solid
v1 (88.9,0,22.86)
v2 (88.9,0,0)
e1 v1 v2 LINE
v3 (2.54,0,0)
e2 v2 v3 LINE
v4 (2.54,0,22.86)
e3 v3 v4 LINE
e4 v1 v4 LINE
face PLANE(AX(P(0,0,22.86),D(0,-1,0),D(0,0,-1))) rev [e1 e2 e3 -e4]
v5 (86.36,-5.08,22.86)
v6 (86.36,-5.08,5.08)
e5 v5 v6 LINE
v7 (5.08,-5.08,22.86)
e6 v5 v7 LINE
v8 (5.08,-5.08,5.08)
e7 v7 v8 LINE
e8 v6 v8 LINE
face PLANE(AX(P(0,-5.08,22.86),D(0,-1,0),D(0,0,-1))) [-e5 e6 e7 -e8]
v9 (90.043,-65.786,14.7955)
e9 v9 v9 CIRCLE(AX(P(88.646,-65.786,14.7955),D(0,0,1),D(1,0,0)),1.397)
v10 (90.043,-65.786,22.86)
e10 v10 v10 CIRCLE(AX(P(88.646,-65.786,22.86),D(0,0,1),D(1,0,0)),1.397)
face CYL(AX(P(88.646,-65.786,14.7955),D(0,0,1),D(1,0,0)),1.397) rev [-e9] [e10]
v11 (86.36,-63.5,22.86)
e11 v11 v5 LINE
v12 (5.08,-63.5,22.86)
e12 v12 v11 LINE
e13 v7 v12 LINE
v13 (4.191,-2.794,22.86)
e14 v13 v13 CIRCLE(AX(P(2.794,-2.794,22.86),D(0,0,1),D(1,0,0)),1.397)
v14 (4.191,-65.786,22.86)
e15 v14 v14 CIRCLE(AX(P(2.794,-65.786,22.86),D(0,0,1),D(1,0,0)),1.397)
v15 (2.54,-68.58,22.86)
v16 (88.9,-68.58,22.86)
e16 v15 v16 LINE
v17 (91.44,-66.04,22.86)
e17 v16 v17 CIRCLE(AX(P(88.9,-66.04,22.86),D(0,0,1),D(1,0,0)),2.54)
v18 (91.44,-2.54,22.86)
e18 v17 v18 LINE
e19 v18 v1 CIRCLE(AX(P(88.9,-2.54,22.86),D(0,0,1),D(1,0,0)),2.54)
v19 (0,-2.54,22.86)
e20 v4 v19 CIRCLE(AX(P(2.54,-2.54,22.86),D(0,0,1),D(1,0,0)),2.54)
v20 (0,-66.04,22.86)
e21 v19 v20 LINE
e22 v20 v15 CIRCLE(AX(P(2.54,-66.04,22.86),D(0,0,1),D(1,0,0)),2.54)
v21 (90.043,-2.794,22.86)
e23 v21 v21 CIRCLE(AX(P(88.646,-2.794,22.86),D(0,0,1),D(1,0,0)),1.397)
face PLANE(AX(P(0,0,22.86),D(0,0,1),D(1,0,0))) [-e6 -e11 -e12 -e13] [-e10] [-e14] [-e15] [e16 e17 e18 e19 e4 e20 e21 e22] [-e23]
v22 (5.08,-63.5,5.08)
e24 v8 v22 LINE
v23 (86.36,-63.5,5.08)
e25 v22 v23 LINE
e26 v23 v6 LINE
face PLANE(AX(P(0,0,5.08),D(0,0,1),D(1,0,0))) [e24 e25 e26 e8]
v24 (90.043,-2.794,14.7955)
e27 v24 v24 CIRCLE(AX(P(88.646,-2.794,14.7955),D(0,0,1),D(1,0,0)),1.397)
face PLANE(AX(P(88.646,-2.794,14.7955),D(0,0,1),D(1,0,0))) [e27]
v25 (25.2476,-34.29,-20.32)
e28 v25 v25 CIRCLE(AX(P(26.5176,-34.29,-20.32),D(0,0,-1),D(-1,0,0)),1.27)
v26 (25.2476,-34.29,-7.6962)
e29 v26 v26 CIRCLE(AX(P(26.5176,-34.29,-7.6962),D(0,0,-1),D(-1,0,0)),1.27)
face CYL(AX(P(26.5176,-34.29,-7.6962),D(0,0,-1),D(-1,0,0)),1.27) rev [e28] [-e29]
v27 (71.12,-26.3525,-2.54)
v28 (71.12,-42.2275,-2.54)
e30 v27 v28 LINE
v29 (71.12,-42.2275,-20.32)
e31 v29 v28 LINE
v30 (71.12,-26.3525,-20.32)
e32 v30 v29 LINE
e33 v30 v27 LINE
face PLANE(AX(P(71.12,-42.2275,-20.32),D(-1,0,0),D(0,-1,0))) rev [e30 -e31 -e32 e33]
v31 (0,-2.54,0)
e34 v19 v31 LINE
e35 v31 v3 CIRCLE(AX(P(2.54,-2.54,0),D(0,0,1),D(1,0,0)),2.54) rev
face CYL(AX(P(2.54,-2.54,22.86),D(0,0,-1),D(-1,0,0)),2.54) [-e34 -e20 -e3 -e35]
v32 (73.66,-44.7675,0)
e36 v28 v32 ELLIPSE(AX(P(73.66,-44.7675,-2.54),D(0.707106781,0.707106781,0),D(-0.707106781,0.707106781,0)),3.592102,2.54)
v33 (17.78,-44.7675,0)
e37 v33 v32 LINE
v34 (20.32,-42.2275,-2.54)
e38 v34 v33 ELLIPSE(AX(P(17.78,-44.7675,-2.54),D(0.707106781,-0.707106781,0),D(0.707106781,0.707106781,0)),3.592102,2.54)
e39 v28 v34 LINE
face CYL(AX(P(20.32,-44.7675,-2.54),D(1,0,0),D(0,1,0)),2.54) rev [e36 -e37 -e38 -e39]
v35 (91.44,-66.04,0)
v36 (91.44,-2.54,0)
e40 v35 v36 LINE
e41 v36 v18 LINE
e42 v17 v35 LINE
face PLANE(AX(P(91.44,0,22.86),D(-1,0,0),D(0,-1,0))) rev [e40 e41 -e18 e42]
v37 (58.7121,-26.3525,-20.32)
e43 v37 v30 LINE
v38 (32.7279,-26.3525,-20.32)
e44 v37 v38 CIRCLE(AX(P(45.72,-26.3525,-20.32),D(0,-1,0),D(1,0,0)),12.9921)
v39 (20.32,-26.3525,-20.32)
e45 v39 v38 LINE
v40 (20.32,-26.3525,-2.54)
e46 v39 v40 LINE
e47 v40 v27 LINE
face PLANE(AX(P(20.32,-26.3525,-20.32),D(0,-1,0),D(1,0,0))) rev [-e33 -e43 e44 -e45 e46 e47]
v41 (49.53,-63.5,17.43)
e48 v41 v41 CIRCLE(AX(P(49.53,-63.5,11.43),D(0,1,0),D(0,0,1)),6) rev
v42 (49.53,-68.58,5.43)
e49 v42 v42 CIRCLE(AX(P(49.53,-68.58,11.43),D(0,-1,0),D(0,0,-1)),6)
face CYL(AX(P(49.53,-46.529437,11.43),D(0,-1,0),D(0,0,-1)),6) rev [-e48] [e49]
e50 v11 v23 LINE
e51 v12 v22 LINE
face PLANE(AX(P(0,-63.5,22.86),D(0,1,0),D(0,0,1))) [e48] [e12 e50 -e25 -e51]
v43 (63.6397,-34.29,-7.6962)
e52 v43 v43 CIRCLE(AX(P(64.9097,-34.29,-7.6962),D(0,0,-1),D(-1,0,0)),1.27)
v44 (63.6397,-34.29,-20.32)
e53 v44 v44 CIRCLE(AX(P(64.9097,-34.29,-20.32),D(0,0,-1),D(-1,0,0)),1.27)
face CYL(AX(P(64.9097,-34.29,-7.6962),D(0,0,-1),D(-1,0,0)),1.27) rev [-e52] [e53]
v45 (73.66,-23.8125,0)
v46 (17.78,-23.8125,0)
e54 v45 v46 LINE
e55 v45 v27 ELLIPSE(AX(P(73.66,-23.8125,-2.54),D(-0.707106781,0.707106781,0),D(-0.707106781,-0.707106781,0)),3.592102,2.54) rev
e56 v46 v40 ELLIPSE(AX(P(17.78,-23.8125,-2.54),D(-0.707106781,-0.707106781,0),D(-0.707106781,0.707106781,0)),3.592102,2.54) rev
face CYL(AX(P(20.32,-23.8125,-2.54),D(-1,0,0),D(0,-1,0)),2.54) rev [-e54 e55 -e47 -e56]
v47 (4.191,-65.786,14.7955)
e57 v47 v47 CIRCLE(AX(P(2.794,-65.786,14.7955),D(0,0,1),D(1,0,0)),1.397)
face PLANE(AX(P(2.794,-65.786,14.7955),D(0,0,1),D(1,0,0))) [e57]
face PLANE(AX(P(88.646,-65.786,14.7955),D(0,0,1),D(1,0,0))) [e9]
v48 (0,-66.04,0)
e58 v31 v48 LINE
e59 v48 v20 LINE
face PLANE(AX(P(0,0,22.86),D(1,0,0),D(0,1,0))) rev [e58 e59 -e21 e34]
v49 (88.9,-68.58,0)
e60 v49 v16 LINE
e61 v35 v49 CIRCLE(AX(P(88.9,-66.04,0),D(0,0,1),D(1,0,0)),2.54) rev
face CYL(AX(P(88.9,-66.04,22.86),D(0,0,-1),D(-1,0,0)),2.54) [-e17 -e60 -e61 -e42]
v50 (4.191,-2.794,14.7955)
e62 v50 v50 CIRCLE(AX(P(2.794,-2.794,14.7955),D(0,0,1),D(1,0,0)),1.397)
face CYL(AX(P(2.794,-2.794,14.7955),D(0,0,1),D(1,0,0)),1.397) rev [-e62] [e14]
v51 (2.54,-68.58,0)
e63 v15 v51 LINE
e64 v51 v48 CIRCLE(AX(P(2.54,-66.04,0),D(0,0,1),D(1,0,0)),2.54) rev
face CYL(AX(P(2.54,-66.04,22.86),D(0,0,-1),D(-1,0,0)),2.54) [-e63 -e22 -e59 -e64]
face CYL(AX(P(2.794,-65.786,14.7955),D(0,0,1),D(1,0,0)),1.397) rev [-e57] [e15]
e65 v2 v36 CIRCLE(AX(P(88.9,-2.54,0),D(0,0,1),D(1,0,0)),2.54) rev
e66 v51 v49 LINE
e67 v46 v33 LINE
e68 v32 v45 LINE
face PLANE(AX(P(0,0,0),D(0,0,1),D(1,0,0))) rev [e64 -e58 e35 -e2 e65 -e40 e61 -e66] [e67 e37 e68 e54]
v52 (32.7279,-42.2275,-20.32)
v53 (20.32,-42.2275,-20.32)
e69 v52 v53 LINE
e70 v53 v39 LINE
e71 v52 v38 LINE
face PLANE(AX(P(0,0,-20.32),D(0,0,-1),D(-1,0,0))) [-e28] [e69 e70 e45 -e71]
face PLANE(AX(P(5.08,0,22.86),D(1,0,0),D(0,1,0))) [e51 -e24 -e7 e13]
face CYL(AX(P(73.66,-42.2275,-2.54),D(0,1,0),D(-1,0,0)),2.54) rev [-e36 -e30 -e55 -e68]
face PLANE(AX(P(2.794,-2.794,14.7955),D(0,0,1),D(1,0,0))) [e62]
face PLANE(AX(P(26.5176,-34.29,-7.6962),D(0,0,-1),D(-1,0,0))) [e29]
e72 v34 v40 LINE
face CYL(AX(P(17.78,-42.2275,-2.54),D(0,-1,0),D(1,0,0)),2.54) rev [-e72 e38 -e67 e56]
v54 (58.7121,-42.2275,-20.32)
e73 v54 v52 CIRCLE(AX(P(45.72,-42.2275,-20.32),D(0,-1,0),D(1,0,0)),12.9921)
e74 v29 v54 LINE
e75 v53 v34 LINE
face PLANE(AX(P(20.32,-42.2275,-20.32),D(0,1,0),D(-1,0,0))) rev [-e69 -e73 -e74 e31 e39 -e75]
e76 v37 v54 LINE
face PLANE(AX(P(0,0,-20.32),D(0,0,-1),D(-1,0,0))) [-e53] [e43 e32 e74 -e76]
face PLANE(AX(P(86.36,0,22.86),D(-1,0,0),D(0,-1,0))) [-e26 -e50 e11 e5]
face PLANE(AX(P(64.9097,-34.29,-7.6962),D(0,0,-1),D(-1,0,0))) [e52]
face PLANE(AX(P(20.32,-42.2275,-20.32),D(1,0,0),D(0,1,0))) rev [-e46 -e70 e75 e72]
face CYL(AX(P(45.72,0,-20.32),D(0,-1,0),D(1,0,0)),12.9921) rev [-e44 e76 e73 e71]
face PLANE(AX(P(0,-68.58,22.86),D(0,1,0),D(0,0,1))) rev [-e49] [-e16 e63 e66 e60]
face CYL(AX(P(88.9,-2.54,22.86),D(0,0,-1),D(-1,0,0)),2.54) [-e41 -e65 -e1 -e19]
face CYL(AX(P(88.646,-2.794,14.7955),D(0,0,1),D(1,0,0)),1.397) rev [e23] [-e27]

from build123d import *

# Parameters (mm, degrees)
SKETCH1_W           = 91.44
SKETCH1_H           = 68.58
BOSS_EXTRUDE1_DEPTH = 22.86
SHELL1_T            = -5.08
SKETCH2_R           = 1.397
CUT_EXTRUDE1_DEPTH  = 8.0645
FILLET1_R           = 2.54
SKETCH3_R           = 6
CUT_EXTRUDE2_DEPTH  = 5.08
SKETCH4_W           = 50.8
SKETCH4_H           = 15.875
BOSS_EXTRUDE2_DEPTH = 20.32
SKETCH5_R           = 12.9921
CUT_EXTRUDE3_DEPTH  = 104.281242035
SKETCH6_R           = 1.27
CUT_EXTRUDE4_DEPTH  = 12.6238
FILLET2_R           = 2.54


with BuildPart() as part:
    # Sketch1 → Boss-Extrude1 (new body)
    with BuildSketch(Plane.XY):
        with Locations((45.72, -34.29)):
            Rectangle(SKETCH1_W, SKETCH1_H)
    extrude(amount=BOSS_EXTRUDE1_DEPTH)

    # Shell1
    shell1_openings = [part.faces().sort_by_distance(p)[0] for p in [
        (45.72, -34.29, 22.86),
    ]]
    offset(amount=SHELL1_T, openings=shell1_openings, kind=Kind.INTERSECTION)

    # Sketch2 → Cut-Extrude1 (cut)
    with BuildSketch(Plane.XY.offset(22.86)):
        with Locations((2.794, -2.794)):
            Circle(SKETCH2_R)
        with Locations((88.646, -2.794)):
            Circle(SKETCH2_R)
        with Locations((88.646, -65.786)):
            Circle(SKETCH2_R)
        with Locations((2.794, -65.786)):
            Circle(SKETCH2_R)
    extrude(amount=-CUT_EXTRUDE1_DEPTH, mode=Mode.SUBTRACT)

    # Fillet1
    fillet1_edges = [part.edges().sort_by_distance(p)[0] for p in [
        (0, 0, 11.43),
        (91.44, 0, 11.43),
        (91.44, -68.58, 11.43),
        (0, -68.58, 11.43),
    ]]
    fillet(fillet1_edges, radius=FILLET1_R)

    # Sketch3 → Cut-Extrude2 (cut)
    with BuildSketch(Plane(origin=(0, -68.58, 0), x_dir=(-1, 0, 0), z_dir=(0, -1, 0))):
        with Locations(Location((-49.53, -11.43, 0), (0, 0, 90))):
            Circle(SKETCH3_R)
    extrude(amount=-CUT_EXTRUDE2_DEPTH, mode=Mode.SUBTRACT)

    # Sketch4 → Boss-Extrude2 (add)
    with BuildSketch(Plane(origin=(0, 0, 0), x_dir=(-1, 0, 0), z_dir=(0, 0, -1))):
        with Locations((-45.72, -34.29)):
            Rectangle(SKETCH4_W, SKETCH4_H)
    extrude(amount=BOSS_EXTRUDE2_DEPTH)

    # Sketch5 → Cut-Extrude3 (cut, through all)
    with BuildSketch(Plane.XZ.offset(42.2275)):
        with Locations((45.72, -20.32)):
            Circle(SKETCH5_R)
    extrude(amount=-CUT_EXTRUDE3_DEPTH, mode=Mode.SUBTRACT)

    # Sketch6 → Cut-Extrude4 (cut)
    with BuildSketch(Plane(origin=(0, 0, -20.32), x_dir=(-1, 0, 0), z_dir=(0, 0, -1))):
        with Locations((-26.5176, -34.29)):
            Circle(SKETCH6_R)
        with Locations((-64.9097, -34.29)):
            Circle(SKETCH6_R)
    extrude(amount=-CUT_EXTRUDE4_DEPTH, mode=Mode.SUBTRACT)

    # Fillet2
    fillet2_edges = [part.edges().sort_by_distance(p)[0] for p in [
        (20.32, -34.29, 0),
        (45.72, -26.3525, 0),
        (71.12, -34.29, 0),
        (45.72, -42.2275, 0),
    ]]
    fillet(fillet2_edges, radius=FILLET2_R)


solid = part.part
